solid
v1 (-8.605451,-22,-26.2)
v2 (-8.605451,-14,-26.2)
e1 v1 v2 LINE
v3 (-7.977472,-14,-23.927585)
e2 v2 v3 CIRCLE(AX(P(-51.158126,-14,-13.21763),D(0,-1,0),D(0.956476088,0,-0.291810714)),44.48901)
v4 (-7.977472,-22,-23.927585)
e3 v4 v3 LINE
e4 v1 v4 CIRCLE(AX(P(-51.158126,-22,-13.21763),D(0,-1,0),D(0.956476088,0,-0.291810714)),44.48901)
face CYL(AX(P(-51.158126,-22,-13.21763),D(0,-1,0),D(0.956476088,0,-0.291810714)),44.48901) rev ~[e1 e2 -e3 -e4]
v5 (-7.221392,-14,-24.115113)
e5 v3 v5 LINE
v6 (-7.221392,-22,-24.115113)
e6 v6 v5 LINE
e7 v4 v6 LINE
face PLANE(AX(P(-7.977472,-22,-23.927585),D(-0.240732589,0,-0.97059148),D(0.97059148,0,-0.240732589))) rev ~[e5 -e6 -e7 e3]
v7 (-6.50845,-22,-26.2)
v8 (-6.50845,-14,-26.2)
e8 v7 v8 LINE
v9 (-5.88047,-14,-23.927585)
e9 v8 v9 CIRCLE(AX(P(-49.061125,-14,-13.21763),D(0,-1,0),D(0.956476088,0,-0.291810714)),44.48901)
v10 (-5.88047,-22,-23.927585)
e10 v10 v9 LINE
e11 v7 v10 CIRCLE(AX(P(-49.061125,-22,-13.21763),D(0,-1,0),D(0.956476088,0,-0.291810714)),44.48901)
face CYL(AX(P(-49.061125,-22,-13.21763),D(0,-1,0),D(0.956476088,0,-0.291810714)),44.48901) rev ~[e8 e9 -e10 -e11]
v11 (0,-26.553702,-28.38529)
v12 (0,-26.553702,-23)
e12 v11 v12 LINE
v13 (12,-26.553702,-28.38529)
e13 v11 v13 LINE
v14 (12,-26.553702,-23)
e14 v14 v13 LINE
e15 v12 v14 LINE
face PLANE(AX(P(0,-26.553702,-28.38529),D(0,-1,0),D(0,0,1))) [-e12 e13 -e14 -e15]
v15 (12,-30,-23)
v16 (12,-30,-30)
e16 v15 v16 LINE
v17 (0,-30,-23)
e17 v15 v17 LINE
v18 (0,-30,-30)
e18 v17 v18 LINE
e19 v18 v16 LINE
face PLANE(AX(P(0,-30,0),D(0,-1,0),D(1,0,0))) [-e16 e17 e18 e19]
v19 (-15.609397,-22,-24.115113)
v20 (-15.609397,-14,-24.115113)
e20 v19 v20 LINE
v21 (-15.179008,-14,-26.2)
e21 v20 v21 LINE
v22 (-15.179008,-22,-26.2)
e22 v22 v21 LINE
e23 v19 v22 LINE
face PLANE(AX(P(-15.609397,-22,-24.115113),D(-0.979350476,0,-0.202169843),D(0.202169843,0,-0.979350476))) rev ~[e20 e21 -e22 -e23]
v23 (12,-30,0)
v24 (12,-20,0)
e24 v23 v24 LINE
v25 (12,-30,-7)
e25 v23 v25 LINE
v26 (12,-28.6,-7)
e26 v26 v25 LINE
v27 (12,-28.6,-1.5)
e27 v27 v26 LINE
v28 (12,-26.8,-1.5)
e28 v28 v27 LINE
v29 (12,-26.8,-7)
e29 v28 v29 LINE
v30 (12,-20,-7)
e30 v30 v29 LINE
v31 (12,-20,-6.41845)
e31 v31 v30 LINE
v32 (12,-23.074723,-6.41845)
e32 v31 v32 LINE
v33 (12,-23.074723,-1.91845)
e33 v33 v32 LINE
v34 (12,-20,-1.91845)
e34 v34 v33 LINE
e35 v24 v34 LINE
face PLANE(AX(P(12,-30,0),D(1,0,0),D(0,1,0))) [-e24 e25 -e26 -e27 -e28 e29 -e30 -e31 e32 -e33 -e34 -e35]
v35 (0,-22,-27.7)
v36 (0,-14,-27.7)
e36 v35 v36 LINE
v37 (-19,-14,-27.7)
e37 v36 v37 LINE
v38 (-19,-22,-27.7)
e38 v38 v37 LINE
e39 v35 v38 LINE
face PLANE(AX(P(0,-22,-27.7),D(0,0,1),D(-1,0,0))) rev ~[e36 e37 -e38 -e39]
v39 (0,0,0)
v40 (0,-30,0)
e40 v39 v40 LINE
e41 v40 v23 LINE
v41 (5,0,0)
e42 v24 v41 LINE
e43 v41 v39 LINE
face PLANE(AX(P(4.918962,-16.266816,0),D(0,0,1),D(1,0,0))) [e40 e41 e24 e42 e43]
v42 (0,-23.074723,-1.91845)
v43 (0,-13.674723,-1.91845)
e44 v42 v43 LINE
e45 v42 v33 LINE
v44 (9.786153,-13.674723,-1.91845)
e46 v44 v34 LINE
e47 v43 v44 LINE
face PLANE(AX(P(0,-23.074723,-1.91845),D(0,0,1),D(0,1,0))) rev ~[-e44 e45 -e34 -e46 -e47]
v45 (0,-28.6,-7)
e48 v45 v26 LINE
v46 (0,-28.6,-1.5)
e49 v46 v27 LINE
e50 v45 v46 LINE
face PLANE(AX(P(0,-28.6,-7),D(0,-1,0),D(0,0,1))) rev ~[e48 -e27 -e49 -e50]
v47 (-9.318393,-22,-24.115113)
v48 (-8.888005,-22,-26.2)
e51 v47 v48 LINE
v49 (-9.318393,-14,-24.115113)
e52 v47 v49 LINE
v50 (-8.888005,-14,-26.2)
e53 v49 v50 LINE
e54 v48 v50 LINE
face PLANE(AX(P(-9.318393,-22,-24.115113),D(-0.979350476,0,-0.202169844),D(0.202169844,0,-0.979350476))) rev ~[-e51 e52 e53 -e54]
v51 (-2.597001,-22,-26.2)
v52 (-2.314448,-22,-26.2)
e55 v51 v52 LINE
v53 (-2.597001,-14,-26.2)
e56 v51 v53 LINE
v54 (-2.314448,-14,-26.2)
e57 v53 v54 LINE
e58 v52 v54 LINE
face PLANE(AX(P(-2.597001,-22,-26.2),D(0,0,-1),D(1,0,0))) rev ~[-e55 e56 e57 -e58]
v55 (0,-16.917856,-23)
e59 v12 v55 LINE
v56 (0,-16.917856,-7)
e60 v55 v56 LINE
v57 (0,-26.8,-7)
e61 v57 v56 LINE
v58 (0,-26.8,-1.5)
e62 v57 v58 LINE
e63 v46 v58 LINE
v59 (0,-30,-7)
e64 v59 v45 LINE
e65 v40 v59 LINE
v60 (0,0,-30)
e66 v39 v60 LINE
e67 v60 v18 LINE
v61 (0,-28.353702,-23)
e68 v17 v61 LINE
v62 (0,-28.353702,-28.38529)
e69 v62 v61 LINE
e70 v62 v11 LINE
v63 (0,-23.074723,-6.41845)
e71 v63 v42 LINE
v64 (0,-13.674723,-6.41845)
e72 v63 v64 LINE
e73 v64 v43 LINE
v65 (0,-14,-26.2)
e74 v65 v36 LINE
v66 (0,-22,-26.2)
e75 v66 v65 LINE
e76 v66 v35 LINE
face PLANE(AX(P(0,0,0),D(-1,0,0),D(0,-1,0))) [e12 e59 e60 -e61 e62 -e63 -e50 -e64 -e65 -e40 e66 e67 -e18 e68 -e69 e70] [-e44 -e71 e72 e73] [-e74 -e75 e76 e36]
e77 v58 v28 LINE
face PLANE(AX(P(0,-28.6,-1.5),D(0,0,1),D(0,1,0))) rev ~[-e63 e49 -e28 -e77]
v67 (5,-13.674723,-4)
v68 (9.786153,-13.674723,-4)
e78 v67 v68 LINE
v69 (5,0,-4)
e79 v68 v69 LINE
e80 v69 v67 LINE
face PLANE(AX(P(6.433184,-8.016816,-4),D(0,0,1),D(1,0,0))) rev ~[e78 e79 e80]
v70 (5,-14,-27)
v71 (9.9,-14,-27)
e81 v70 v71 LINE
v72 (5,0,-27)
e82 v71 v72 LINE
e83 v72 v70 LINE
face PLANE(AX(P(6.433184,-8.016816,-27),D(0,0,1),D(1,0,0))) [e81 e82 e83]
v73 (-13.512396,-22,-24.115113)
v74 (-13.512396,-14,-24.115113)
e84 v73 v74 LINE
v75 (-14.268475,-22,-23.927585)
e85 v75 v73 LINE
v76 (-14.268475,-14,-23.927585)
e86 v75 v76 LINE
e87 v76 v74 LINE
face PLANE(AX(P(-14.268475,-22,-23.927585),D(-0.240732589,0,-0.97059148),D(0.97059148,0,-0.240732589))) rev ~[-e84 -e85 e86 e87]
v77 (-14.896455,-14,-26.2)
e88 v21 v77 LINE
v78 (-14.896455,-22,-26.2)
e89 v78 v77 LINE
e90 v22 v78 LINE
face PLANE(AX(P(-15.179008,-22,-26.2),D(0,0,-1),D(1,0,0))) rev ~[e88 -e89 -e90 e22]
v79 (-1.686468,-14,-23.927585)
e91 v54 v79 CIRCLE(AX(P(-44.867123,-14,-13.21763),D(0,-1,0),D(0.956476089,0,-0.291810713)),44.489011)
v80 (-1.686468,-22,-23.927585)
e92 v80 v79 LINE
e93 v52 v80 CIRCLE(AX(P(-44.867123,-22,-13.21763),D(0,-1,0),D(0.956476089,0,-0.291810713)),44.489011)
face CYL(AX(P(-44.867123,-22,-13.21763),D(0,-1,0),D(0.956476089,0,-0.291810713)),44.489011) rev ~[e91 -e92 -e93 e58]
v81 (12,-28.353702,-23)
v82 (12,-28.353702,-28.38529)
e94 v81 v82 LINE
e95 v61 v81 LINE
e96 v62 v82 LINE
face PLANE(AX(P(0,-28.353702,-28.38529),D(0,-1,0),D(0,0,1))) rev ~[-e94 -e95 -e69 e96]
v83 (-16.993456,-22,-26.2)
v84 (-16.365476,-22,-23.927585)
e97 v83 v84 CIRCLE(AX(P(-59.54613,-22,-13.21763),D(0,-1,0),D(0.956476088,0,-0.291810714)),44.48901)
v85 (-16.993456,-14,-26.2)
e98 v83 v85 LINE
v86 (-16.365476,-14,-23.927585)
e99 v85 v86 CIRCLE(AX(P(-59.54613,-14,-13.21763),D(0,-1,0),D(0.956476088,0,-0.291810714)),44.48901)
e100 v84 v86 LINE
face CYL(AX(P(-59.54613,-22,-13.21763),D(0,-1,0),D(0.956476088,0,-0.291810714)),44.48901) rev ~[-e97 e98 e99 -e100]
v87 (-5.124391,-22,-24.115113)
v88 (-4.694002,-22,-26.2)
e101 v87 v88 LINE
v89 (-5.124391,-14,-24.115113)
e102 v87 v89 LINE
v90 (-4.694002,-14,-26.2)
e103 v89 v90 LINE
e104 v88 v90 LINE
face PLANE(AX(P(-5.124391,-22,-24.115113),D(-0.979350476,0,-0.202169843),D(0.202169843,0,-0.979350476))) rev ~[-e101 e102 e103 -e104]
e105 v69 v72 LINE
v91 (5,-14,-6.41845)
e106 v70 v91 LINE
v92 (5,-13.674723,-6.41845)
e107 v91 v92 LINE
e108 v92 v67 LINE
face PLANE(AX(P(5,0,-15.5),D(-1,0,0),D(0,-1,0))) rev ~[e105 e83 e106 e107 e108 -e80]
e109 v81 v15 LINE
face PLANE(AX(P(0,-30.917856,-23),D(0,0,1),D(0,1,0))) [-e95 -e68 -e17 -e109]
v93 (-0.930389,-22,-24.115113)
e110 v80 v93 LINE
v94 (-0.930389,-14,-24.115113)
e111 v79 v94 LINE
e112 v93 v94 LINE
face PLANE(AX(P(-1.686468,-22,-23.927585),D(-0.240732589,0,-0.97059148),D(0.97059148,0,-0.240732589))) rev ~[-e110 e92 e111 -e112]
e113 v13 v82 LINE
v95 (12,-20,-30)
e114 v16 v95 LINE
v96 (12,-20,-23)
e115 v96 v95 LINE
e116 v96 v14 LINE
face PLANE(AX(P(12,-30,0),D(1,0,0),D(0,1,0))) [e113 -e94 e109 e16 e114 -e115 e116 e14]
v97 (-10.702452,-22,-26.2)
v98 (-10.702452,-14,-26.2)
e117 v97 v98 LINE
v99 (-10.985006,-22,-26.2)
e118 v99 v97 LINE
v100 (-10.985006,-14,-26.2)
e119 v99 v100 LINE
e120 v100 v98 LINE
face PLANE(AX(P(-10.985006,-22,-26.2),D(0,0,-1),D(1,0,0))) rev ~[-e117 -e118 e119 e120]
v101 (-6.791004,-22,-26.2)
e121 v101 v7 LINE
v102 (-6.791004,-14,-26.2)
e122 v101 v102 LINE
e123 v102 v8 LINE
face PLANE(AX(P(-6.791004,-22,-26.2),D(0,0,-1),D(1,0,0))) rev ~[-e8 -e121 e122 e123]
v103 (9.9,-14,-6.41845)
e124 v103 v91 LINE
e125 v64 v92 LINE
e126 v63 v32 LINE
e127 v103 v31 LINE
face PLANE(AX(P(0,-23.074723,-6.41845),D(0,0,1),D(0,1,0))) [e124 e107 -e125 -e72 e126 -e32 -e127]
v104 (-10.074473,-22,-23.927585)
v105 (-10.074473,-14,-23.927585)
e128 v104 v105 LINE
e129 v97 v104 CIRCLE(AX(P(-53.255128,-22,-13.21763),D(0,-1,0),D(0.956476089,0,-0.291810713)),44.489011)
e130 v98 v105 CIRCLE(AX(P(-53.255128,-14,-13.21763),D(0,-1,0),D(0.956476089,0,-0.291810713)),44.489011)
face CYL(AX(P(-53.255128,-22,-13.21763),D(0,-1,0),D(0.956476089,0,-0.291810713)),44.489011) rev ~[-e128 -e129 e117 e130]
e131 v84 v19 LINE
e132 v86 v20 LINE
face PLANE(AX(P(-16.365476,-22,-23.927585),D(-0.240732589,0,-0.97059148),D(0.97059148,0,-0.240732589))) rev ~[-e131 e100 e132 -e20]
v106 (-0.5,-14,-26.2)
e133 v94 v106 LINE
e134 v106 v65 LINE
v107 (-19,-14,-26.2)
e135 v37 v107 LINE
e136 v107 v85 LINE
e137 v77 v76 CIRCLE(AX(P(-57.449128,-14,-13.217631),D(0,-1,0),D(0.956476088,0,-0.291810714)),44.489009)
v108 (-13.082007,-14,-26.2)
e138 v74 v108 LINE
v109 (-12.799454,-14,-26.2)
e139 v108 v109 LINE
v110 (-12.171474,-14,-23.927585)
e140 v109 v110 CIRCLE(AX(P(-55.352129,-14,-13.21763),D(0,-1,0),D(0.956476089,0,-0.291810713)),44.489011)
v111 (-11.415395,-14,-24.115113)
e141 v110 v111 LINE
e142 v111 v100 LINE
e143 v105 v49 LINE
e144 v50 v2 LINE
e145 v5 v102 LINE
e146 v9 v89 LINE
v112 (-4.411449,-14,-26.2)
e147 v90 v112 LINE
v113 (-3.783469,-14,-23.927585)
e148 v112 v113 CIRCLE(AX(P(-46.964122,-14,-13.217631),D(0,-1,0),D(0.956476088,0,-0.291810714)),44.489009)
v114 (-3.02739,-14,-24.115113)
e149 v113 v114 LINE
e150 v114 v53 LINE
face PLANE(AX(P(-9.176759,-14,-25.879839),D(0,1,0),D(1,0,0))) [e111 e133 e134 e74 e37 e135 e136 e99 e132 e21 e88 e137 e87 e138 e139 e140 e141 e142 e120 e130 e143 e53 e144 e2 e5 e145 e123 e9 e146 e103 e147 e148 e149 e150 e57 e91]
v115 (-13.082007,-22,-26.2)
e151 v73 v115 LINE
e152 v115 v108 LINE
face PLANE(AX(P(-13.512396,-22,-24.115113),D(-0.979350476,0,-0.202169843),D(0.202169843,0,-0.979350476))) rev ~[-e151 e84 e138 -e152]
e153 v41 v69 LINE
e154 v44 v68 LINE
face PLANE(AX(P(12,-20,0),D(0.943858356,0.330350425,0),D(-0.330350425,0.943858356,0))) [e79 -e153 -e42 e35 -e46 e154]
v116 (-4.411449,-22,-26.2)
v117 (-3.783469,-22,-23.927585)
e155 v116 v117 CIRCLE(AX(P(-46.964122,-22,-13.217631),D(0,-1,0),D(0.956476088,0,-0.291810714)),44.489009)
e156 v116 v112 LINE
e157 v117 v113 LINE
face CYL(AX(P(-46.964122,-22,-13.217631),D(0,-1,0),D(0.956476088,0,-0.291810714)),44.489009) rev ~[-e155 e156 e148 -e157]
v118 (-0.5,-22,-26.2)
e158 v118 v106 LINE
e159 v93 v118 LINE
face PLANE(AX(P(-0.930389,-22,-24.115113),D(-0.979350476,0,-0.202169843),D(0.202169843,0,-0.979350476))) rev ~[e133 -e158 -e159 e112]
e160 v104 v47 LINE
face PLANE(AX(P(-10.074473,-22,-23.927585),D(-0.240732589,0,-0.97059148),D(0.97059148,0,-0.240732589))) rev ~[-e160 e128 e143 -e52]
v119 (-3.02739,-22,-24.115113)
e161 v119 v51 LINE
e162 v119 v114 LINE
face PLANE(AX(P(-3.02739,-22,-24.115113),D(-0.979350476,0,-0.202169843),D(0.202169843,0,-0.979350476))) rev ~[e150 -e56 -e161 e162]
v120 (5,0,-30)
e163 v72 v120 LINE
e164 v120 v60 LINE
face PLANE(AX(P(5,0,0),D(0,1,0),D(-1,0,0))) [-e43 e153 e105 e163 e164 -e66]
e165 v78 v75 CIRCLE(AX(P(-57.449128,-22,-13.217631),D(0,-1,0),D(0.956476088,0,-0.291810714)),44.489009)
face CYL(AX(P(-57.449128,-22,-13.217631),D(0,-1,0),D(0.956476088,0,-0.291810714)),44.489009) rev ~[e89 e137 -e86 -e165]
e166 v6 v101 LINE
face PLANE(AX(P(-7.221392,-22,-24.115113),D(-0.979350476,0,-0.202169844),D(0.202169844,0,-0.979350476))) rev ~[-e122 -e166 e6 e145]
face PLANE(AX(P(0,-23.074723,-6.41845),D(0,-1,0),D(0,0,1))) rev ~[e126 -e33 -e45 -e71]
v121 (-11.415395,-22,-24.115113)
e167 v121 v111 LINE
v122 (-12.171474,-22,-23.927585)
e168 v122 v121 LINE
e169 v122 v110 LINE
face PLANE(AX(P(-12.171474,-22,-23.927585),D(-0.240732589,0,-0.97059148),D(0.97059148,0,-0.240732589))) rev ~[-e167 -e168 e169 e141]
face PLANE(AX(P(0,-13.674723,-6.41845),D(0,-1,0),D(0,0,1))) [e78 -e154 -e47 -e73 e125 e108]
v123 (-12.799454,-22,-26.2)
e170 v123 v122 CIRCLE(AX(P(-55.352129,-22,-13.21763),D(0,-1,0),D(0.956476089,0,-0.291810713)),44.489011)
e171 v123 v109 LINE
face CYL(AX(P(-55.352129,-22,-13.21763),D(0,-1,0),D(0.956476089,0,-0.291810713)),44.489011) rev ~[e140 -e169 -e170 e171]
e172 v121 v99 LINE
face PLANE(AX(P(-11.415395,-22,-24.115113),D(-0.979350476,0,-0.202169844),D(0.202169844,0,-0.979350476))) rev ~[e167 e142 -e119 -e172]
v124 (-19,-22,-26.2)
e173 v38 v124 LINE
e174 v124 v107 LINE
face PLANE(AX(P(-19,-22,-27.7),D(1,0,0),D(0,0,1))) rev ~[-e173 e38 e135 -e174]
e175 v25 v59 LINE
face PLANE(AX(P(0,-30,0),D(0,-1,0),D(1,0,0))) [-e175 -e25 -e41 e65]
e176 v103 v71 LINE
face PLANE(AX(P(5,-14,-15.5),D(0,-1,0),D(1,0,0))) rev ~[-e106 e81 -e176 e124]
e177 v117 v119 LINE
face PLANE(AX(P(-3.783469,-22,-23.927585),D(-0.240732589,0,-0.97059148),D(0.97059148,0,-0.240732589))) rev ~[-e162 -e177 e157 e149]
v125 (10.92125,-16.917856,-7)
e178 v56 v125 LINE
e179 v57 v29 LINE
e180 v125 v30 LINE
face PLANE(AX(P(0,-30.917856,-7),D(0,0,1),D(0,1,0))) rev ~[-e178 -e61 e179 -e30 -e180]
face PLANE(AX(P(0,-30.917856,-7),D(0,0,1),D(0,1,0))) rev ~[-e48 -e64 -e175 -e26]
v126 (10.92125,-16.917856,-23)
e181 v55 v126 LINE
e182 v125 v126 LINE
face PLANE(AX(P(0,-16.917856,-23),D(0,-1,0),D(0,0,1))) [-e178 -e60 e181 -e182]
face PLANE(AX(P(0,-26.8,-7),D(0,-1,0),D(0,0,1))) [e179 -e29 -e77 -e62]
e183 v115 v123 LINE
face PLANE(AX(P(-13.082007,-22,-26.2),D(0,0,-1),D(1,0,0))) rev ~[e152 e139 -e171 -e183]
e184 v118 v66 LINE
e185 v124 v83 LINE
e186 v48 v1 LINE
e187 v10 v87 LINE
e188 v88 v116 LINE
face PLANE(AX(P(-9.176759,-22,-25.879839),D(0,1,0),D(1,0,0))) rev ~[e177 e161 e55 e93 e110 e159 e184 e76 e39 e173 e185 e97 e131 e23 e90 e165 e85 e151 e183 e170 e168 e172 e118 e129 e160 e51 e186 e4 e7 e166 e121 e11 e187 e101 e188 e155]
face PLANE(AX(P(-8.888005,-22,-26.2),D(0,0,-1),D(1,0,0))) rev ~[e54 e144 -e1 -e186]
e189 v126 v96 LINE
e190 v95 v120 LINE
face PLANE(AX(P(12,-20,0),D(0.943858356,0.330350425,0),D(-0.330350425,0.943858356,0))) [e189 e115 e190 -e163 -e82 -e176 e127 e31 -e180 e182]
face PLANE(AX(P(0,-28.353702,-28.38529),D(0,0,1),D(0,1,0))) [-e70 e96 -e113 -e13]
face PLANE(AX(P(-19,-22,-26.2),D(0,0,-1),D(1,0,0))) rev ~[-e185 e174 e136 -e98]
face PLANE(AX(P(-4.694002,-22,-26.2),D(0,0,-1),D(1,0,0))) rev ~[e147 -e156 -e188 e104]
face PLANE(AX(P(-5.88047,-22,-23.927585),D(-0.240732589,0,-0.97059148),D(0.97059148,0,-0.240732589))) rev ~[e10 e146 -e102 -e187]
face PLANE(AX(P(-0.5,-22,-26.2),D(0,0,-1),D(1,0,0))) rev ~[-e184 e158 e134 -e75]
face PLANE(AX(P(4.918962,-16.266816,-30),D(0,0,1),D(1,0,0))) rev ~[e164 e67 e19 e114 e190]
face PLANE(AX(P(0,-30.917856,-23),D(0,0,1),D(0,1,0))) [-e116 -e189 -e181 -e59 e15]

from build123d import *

# Parameters (mm, degrees)
BOSS_EXTRUDE1_DEPTH = 30
SKETCH4_W           = 16
SKETCH4_H           = 14
CUT_EXTRUDE2_DEPTH  = 25
SKETCH5_W           = 5.5
SKETCH5_H           = 1.8
CUT_EXTRUDE3_DEPTH  = 15
CUT_EXTRUDE4_DEPTH  = 11.5
BOSS_EXTRUDE2_DEPTH = 8
SKETCH8_W           = 4.5
SKETCH8_H           = 9.4
CUT_EXTRUDE5_DEPTH  = 47.486557197
SKETCH9_W           = 5.5
SKETCH9_H           = 1.8
CUT_EXTRUDE6_DEPTH  = 47.486557197


with BuildPart() as part:
    # Sketch1 → Boss-Extrude1 (new body)
    with BuildSketch(Plane.XY):
        Polygon((0, 0), (0, -30), (12, -30), (12, -20), (5, 0), align=None)
    extrude(amount=-BOSS_EXTRUDE1_DEPTH)

    # Sketch4 → Cut-Extrude2 (cut)
    with BuildSketch(Plane.ZY):
        with Locations((-15, -23.917856259)):
            Rectangle(SKETCH4_W, SKETCH4_H)
    extrude(amount=-CUT_EXTRUDE2_DEPTH, mode=Mode.SUBTRACT)

    # Sketch5 → Cut-Extrude3 (cut)
    with BuildSketch(Plane.ZY):
        with Locations((-4.25, -27.7)):
            Rectangle(SKETCH5_W, SKETCH5_H)
    extrude(amount=-CUT_EXTRUDE3_DEPTH, mode=Mode.SUBTRACT)

    # Sketch6 → Cut-Extrude4 (cut, symmetric)
    with BuildSketch(Plane.XY.offset(-15.5)):
        Polygon((5, 0), (5, -14), (9.9, -14), align=None)
    extrude(amount=CUT_EXTRUDE4_DEPTH, both=True, mode=Mode.SUBTRACT)

    # Sketch7 → Boss-Extrude2 (add)
    with BuildSketch(Plane(origin=(0, -22, 0), x_dir=(1, 0, 0), z_dir=(0, 1, 0))):
        with BuildLine():
            Line((0, 27.7), (-19, 27.7))
            Line((-19, 27.7), (-19, 26.2))
            Line((-19, 26.2), (-16.993455994, 26.2))
            ThreePointArc((-16.993455994, 26.2), (-16.6644108, 25.067952934), (-16.365476207, 23.927584833))
            Line((-16.365476207, 23.927584833), (-15.609396851, 24.115112691))
            Line((-15.609396851, 24.115112691), (-15.179008189, 26.2))
            Line((-15.179008189, 26.2), (-14.896454824, 26.2))
            ThreePointArc((-14.896454824, 26.2), (-14.56740963, 25.067952934), (-14.268475038, 23.927584833))
            Line((-14.268475038, 23.927584833), (-13.512395681, 24.115112691))
            Line((-13.512395681, 24.115112691), (-13.082007019, 26.2))
            Line((-13.082007019, 26.2), (-12.799453654, 26.2))
            ThreePointArc((-12.799453654, 26.2), (-12.470408461, 25.067952934), (-12.171473868, 23.927584833))
            Line((-12.171473868, 23.927584833), (-11.415394512, 24.115112691))
            Line((-11.415394512, 24.115112691), (-10.985005849, 26.2))
            Line((-10.985005849, 26.2), (-10.702452484, 26.2))
            ThreePointArc((-10.702452484, 26.2), (-10.373407291, 25.067952934), (-10.074472698, 23.927584833))
            Line((-10.074472698, 23.927584833), (-9.318393342, 24.115112691))
            Line((-9.318393342, 24.115112691), (-8.888004679, 26.2))
            Line((-8.888004679, 26.2), (-8.605451315, 26.2))
            ThreePointArc((-8.605451315, 26.2), (-8.276406121, 25.067952934), (-7.977471528, 23.927584833))
            Line((-7.977471528, 23.927584833), (-7.221392172, 24.115112691))
            Line((-7.221392172, 24.115112691), (-6.791003509, 26.2))
            Line((-6.791003509, 26.2), (-6.508450145, 26.2))
            ThreePointArc((-6.508450145, 26.2), (-6.179404951, 25.067952934), (-5.880470358, 23.927584833))
            Line((-5.880470358, 23.927584833), (-5.124391002, 24.115112691))
            Line((-5.124391002, 24.115112691), (-4.69400234, 26.2))
            Line((-4.69400234, 26.2), (-4.411448975, 26.2))
            ThreePointArc((-4.411448975, 26.2), (-4.082403781, 25.067952934), (-3.783469189, 23.927584833))
            Line((-3.783469189, 23.927584833), (-3.027389832, 24.115112691))
            Line((-3.027389832, 24.115112691), (-2.59700117, 26.2))
            Line((-2.59700117, 26.2), (-2.314447805, 26.2))
            ThreePointArc((-2.314447805, 26.2), (-1.985402612, 25.067952934), (-1.686468019, 23.927584833))
            Line((-1.686468019, 23.927584833), (-0.930388662, 24.115112691))
            Line((-0.930388662, 24.115112691), (-0.5, 26.2))
            Line((-0.5, 26.2), (0, 26.2))
            Line((0, 26.2), (0, 27.7))
        make_face()
    extrude(amount=BOSS_EXTRUDE2_DEPTH)

    # Sketch8 → Cut-Extrude5 (cut, through all)
    with BuildSketch(Plane.ZY):
        with Locations((-4.168450475, -18.374722701)):
            Rectangle(SKETCH8_W, SKETCH8_H)
    extrude(amount=-CUT_EXTRUDE5_DEPTH, mode=Mode.SUBTRACT)

    # Sketch9 → Cut-Extrude6 (cut, through all)
    with BuildSketch(Plane.ZY):
        with Locations((-25.635290025, -27.453702253)):
            Rectangle(SKETCH9_W, SKETCH9_H)
    extrude(amount=-CUT_EXTRUDE6_DEPTH, mode=Mode.SUBTRACT)


solid = part.part
